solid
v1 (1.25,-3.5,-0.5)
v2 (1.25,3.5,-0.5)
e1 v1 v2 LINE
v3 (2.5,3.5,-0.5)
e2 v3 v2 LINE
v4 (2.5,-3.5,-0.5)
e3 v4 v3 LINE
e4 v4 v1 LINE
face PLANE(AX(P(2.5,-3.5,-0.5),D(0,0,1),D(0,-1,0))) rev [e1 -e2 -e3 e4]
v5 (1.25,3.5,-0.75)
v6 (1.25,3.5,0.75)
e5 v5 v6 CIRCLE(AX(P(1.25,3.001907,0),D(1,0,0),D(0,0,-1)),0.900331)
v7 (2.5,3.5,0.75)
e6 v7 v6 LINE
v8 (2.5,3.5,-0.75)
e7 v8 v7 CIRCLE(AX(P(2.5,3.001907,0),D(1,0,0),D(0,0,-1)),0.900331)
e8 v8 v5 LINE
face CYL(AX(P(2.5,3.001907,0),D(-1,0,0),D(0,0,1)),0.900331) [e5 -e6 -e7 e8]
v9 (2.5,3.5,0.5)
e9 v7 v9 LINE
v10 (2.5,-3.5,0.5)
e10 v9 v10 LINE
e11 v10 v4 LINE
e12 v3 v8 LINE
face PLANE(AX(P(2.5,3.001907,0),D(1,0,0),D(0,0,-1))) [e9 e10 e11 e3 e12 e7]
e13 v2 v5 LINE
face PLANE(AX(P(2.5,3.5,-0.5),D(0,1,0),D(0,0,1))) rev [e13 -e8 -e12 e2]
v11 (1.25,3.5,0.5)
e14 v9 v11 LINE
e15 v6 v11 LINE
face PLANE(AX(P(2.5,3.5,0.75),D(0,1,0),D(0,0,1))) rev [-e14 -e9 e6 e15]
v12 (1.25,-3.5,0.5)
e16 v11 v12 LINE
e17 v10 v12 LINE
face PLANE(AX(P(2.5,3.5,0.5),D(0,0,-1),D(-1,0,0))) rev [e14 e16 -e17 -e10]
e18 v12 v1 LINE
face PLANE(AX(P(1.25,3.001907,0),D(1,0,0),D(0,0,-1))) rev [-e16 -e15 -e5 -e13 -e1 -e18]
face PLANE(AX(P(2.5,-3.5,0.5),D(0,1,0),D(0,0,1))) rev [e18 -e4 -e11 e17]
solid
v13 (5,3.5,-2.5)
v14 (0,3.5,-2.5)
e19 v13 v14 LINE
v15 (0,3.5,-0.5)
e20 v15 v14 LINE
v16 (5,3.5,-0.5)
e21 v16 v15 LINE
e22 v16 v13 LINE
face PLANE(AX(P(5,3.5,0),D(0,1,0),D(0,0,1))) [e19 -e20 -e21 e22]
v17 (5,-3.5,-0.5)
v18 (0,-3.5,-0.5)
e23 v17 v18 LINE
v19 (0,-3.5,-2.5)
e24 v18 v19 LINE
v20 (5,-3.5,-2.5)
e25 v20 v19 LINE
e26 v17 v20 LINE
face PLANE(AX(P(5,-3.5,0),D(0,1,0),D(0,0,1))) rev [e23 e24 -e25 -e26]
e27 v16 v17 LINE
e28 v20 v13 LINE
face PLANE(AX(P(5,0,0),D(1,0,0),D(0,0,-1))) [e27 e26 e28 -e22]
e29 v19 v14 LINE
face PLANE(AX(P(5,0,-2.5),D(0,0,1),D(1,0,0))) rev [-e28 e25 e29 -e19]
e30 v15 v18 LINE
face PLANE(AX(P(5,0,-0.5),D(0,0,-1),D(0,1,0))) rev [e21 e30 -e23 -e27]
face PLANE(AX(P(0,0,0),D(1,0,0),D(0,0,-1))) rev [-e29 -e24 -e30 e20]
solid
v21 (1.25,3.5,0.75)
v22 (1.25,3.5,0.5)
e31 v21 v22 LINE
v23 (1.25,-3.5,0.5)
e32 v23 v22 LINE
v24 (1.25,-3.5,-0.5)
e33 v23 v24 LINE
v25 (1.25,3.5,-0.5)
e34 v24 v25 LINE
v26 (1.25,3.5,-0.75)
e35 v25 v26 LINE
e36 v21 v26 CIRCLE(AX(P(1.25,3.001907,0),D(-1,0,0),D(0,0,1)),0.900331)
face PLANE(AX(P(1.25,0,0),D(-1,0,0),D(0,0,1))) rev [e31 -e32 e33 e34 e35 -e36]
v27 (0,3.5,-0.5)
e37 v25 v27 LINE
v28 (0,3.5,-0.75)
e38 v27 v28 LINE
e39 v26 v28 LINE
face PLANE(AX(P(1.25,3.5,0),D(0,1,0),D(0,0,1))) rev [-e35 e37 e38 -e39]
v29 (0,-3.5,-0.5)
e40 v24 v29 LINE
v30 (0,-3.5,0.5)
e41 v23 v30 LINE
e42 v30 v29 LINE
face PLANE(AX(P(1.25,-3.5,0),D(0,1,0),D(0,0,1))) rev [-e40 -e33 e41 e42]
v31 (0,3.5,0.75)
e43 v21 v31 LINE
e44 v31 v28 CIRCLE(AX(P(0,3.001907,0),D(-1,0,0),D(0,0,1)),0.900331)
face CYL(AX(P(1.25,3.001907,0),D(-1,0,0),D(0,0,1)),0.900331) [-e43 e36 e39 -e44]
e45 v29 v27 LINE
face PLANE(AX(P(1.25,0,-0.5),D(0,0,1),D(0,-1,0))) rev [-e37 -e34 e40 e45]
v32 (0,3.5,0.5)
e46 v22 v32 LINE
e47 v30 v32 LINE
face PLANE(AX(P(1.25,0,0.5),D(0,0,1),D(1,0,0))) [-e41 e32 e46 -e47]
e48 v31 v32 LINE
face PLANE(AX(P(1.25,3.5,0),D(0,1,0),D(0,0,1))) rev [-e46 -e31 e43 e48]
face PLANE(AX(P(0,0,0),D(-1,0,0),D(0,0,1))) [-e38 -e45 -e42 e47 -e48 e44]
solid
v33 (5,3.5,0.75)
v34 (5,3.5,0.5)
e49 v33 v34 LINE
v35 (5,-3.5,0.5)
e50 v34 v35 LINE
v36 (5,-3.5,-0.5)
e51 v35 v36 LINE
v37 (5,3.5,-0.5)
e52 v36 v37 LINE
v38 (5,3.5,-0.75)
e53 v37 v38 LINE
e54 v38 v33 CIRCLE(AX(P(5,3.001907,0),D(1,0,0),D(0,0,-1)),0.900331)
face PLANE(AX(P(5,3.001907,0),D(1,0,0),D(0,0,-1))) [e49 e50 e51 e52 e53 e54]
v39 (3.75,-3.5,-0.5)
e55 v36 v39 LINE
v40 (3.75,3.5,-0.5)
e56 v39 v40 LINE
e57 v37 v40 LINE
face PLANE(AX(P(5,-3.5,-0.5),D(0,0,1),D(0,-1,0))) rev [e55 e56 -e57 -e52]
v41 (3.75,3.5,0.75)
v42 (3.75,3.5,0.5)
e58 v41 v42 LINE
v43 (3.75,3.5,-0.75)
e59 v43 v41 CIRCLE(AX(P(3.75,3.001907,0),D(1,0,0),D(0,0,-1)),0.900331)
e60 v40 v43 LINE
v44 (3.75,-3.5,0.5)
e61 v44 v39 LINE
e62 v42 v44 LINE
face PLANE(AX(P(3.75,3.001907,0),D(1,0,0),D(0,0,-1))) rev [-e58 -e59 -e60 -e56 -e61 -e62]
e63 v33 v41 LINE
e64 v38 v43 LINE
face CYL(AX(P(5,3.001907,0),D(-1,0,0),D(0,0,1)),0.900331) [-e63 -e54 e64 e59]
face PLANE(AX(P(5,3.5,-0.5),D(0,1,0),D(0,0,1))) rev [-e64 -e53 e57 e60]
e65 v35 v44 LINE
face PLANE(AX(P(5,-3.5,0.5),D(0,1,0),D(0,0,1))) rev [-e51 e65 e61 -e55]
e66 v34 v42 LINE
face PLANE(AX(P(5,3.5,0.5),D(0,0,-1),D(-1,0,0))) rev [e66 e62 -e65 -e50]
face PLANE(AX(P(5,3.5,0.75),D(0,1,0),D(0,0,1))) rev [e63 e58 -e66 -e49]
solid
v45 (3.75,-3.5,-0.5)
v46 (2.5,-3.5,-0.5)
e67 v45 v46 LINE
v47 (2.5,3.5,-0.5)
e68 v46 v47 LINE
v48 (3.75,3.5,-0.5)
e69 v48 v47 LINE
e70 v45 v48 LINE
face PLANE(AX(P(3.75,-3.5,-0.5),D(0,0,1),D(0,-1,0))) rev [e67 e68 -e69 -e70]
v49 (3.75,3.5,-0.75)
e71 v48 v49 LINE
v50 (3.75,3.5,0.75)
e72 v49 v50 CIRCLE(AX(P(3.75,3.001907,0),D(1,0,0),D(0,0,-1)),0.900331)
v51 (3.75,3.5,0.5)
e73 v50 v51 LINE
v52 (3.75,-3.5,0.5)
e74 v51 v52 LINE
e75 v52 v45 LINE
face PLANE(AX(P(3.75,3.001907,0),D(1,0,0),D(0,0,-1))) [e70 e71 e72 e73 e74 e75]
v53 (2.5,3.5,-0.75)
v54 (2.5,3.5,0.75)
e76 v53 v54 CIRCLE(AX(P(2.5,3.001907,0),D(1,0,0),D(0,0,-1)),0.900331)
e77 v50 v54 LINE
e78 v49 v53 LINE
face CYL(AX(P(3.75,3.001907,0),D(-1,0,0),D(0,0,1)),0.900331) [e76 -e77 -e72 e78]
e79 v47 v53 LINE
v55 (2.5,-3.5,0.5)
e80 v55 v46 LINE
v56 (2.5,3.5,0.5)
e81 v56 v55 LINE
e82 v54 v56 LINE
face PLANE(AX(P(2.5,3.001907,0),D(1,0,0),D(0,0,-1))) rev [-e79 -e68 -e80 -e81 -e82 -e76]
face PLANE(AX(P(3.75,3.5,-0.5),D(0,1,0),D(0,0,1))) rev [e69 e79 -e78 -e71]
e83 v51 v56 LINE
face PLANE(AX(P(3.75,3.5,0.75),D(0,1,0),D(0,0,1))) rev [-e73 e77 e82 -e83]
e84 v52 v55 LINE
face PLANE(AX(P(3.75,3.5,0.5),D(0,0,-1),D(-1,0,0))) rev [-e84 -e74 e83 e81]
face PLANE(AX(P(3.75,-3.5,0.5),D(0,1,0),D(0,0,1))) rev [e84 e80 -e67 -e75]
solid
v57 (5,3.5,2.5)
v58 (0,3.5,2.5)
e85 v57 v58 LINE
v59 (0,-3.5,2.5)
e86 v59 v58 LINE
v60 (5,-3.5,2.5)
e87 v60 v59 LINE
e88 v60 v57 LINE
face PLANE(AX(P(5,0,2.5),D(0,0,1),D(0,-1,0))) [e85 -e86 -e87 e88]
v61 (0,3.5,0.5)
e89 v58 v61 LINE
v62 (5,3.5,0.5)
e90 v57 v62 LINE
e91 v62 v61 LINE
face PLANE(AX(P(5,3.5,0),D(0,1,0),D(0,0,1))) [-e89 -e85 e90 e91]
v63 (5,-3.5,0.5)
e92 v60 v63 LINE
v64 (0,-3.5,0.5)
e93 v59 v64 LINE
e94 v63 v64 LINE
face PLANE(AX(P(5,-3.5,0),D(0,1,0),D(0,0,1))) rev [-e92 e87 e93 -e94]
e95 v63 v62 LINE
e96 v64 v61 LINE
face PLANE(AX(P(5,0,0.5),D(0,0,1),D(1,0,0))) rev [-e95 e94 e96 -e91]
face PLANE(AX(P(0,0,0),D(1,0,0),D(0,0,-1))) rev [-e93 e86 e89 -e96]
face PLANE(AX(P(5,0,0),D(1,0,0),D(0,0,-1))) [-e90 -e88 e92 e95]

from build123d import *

# Parameters (mm, degrees)
SKETCH1_W             = 2
SKETCH1_H             = 7
BOSS_EXTRUDE1_DEPTH   = 5
BOSS_EXTRUDE1_2_DEPTH = 5
BOSS_EXTRUDE2_DEPTH   = 1.25
BOSS_EXTRUDE3_DEPTH   = 1.25
BOSS_EXTRUDE4_DEPTH   = 1.25
BOSS_EXTRUDE5_DEPTH   = 1.25


with BuildPart() as part:
    # Sketch1 → Boss-Extrude1 (new body)
    with BuildSketch(Plane(origin=(0, 0, 0), x_dir=(0, 0, -1), z_dir=(1, 0, 0))):
        with Locations((-1.5, 0)):
            Rectangle(SKETCH1_W, SKETCH1_H)
    extrude(amount=BOSS_EXTRUDE1_DEPTH)


with BuildPart() as body_2:
    # Sketch1 → Boss-Extrude1 2 (new body)
    with BuildSketch(Plane(origin=(0, 0, 0), x_dir=(0, 0, -1), z_dir=(1, 0, 0))):
        with Locations((1.5, 0)):
            Rectangle(SKETCH1_W, SKETCH1_H)
    extrude(amount=BOSS_EXTRUDE1_2_DEPTH)


with BuildPart() as body_3:
    # Sketch2 → Boss-Extrude2 (new body)
    with BuildSketch(Plane.ZY):
        with BuildLine():
            Line((-0.5, -3.5), (0.5, -3.5))
            Line((0.5, -3.5), (0.5, 3.5))
            Line((0.5, 3.5), (0.75, 3.5))
            ThreePointArc((0.75, 3.5), (0, 3.902238576), (-0.75, 3.5))
            Line((-0.75, 3.5), (-0.5, 3.5))
            Line((-0.5, 3.5), (-0.5, -3.5))
        make_face()
    extrude(amount=-BOSS_EXTRUDE2_DEPTH)


with BuildPart() as body_4:
    # Sketch3 → Boss-Extrude3 (new body)
    with BuildSketch(Plane(origin=(1.25, 0, 0), x_dir=(0, 0, -1), z_dir=(1, 0, 0))):
        with BuildLine():
            Line((-0.75, 3.5), (-0.5, 3.5))
            Line((-0.5, 3.5), (-0.5, -3.5))
            Line((-0.5, -3.5), (0.5, -3.5))
            Line((0.5, -3.5), (0.5, 3.5))
            Line((0.5, 3.5), (0.75, 3.5))
            ThreePointArc((0.75, 3.5), (0, 3.902238576), (-0.75, 3.5))
        make_face()
    extrude(amount=BOSS_EXTRUDE3_DEPTH)


with BuildPart() as body_5:
    # Sketch4 → Boss-Extrude4 (new body)
    with BuildSketch(Plane(origin=(2.5, 0, 0), x_dir=(0, 0, -1), z_dir=(1, 0, 0))):
        with BuildLine():
            Line((-0.75, 3.5), (-0.5, 3.5))
            Line((-0.5, 3.5), (-0.5, -3.5))
            Line((-0.5, -3.5), (0.5, -3.5))
            Line((0.5, -3.5), (0.5, 3.5))
            Line((0.5, 3.5), (0.75, 3.5))
            ThreePointArc((0.75, 3.5), (0, 3.902238576), (-0.75, 3.5))
        make_face()
    extrude(amount=BOSS_EXTRUDE4_DEPTH)


with BuildPart() as body_6:
    # Sketch5 → Boss-Extrude5 (new body)
    with BuildSketch(Plane(origin=(3.75, 0, 0), x_dir=(0, 0, -1), z_dir=(1, 0, 0))):
        with BuildLine():
            Line((-0.75, 3.5), (-0.5, 3.5))
            Line((-0.5, 3.5), (-0.5, -3.5))
            Line((-0.5, -3.5), (0.5, -3.5))
            Line((0.5, -3.5), (0.5, 3.5))
            Line((0.5, 3.5), (0.75, 3.5))
            ThreePointArc((0.75, 3.5), (0, 3.902238576), (-0.75, 3.5))
        make_face()
    extrude(amount=BOSS_EXTRUDE5_DEPTH)


solid = Compound([part.part, body_2.part, body_3.part, body_4.part, body_5.part, body_6.part])
